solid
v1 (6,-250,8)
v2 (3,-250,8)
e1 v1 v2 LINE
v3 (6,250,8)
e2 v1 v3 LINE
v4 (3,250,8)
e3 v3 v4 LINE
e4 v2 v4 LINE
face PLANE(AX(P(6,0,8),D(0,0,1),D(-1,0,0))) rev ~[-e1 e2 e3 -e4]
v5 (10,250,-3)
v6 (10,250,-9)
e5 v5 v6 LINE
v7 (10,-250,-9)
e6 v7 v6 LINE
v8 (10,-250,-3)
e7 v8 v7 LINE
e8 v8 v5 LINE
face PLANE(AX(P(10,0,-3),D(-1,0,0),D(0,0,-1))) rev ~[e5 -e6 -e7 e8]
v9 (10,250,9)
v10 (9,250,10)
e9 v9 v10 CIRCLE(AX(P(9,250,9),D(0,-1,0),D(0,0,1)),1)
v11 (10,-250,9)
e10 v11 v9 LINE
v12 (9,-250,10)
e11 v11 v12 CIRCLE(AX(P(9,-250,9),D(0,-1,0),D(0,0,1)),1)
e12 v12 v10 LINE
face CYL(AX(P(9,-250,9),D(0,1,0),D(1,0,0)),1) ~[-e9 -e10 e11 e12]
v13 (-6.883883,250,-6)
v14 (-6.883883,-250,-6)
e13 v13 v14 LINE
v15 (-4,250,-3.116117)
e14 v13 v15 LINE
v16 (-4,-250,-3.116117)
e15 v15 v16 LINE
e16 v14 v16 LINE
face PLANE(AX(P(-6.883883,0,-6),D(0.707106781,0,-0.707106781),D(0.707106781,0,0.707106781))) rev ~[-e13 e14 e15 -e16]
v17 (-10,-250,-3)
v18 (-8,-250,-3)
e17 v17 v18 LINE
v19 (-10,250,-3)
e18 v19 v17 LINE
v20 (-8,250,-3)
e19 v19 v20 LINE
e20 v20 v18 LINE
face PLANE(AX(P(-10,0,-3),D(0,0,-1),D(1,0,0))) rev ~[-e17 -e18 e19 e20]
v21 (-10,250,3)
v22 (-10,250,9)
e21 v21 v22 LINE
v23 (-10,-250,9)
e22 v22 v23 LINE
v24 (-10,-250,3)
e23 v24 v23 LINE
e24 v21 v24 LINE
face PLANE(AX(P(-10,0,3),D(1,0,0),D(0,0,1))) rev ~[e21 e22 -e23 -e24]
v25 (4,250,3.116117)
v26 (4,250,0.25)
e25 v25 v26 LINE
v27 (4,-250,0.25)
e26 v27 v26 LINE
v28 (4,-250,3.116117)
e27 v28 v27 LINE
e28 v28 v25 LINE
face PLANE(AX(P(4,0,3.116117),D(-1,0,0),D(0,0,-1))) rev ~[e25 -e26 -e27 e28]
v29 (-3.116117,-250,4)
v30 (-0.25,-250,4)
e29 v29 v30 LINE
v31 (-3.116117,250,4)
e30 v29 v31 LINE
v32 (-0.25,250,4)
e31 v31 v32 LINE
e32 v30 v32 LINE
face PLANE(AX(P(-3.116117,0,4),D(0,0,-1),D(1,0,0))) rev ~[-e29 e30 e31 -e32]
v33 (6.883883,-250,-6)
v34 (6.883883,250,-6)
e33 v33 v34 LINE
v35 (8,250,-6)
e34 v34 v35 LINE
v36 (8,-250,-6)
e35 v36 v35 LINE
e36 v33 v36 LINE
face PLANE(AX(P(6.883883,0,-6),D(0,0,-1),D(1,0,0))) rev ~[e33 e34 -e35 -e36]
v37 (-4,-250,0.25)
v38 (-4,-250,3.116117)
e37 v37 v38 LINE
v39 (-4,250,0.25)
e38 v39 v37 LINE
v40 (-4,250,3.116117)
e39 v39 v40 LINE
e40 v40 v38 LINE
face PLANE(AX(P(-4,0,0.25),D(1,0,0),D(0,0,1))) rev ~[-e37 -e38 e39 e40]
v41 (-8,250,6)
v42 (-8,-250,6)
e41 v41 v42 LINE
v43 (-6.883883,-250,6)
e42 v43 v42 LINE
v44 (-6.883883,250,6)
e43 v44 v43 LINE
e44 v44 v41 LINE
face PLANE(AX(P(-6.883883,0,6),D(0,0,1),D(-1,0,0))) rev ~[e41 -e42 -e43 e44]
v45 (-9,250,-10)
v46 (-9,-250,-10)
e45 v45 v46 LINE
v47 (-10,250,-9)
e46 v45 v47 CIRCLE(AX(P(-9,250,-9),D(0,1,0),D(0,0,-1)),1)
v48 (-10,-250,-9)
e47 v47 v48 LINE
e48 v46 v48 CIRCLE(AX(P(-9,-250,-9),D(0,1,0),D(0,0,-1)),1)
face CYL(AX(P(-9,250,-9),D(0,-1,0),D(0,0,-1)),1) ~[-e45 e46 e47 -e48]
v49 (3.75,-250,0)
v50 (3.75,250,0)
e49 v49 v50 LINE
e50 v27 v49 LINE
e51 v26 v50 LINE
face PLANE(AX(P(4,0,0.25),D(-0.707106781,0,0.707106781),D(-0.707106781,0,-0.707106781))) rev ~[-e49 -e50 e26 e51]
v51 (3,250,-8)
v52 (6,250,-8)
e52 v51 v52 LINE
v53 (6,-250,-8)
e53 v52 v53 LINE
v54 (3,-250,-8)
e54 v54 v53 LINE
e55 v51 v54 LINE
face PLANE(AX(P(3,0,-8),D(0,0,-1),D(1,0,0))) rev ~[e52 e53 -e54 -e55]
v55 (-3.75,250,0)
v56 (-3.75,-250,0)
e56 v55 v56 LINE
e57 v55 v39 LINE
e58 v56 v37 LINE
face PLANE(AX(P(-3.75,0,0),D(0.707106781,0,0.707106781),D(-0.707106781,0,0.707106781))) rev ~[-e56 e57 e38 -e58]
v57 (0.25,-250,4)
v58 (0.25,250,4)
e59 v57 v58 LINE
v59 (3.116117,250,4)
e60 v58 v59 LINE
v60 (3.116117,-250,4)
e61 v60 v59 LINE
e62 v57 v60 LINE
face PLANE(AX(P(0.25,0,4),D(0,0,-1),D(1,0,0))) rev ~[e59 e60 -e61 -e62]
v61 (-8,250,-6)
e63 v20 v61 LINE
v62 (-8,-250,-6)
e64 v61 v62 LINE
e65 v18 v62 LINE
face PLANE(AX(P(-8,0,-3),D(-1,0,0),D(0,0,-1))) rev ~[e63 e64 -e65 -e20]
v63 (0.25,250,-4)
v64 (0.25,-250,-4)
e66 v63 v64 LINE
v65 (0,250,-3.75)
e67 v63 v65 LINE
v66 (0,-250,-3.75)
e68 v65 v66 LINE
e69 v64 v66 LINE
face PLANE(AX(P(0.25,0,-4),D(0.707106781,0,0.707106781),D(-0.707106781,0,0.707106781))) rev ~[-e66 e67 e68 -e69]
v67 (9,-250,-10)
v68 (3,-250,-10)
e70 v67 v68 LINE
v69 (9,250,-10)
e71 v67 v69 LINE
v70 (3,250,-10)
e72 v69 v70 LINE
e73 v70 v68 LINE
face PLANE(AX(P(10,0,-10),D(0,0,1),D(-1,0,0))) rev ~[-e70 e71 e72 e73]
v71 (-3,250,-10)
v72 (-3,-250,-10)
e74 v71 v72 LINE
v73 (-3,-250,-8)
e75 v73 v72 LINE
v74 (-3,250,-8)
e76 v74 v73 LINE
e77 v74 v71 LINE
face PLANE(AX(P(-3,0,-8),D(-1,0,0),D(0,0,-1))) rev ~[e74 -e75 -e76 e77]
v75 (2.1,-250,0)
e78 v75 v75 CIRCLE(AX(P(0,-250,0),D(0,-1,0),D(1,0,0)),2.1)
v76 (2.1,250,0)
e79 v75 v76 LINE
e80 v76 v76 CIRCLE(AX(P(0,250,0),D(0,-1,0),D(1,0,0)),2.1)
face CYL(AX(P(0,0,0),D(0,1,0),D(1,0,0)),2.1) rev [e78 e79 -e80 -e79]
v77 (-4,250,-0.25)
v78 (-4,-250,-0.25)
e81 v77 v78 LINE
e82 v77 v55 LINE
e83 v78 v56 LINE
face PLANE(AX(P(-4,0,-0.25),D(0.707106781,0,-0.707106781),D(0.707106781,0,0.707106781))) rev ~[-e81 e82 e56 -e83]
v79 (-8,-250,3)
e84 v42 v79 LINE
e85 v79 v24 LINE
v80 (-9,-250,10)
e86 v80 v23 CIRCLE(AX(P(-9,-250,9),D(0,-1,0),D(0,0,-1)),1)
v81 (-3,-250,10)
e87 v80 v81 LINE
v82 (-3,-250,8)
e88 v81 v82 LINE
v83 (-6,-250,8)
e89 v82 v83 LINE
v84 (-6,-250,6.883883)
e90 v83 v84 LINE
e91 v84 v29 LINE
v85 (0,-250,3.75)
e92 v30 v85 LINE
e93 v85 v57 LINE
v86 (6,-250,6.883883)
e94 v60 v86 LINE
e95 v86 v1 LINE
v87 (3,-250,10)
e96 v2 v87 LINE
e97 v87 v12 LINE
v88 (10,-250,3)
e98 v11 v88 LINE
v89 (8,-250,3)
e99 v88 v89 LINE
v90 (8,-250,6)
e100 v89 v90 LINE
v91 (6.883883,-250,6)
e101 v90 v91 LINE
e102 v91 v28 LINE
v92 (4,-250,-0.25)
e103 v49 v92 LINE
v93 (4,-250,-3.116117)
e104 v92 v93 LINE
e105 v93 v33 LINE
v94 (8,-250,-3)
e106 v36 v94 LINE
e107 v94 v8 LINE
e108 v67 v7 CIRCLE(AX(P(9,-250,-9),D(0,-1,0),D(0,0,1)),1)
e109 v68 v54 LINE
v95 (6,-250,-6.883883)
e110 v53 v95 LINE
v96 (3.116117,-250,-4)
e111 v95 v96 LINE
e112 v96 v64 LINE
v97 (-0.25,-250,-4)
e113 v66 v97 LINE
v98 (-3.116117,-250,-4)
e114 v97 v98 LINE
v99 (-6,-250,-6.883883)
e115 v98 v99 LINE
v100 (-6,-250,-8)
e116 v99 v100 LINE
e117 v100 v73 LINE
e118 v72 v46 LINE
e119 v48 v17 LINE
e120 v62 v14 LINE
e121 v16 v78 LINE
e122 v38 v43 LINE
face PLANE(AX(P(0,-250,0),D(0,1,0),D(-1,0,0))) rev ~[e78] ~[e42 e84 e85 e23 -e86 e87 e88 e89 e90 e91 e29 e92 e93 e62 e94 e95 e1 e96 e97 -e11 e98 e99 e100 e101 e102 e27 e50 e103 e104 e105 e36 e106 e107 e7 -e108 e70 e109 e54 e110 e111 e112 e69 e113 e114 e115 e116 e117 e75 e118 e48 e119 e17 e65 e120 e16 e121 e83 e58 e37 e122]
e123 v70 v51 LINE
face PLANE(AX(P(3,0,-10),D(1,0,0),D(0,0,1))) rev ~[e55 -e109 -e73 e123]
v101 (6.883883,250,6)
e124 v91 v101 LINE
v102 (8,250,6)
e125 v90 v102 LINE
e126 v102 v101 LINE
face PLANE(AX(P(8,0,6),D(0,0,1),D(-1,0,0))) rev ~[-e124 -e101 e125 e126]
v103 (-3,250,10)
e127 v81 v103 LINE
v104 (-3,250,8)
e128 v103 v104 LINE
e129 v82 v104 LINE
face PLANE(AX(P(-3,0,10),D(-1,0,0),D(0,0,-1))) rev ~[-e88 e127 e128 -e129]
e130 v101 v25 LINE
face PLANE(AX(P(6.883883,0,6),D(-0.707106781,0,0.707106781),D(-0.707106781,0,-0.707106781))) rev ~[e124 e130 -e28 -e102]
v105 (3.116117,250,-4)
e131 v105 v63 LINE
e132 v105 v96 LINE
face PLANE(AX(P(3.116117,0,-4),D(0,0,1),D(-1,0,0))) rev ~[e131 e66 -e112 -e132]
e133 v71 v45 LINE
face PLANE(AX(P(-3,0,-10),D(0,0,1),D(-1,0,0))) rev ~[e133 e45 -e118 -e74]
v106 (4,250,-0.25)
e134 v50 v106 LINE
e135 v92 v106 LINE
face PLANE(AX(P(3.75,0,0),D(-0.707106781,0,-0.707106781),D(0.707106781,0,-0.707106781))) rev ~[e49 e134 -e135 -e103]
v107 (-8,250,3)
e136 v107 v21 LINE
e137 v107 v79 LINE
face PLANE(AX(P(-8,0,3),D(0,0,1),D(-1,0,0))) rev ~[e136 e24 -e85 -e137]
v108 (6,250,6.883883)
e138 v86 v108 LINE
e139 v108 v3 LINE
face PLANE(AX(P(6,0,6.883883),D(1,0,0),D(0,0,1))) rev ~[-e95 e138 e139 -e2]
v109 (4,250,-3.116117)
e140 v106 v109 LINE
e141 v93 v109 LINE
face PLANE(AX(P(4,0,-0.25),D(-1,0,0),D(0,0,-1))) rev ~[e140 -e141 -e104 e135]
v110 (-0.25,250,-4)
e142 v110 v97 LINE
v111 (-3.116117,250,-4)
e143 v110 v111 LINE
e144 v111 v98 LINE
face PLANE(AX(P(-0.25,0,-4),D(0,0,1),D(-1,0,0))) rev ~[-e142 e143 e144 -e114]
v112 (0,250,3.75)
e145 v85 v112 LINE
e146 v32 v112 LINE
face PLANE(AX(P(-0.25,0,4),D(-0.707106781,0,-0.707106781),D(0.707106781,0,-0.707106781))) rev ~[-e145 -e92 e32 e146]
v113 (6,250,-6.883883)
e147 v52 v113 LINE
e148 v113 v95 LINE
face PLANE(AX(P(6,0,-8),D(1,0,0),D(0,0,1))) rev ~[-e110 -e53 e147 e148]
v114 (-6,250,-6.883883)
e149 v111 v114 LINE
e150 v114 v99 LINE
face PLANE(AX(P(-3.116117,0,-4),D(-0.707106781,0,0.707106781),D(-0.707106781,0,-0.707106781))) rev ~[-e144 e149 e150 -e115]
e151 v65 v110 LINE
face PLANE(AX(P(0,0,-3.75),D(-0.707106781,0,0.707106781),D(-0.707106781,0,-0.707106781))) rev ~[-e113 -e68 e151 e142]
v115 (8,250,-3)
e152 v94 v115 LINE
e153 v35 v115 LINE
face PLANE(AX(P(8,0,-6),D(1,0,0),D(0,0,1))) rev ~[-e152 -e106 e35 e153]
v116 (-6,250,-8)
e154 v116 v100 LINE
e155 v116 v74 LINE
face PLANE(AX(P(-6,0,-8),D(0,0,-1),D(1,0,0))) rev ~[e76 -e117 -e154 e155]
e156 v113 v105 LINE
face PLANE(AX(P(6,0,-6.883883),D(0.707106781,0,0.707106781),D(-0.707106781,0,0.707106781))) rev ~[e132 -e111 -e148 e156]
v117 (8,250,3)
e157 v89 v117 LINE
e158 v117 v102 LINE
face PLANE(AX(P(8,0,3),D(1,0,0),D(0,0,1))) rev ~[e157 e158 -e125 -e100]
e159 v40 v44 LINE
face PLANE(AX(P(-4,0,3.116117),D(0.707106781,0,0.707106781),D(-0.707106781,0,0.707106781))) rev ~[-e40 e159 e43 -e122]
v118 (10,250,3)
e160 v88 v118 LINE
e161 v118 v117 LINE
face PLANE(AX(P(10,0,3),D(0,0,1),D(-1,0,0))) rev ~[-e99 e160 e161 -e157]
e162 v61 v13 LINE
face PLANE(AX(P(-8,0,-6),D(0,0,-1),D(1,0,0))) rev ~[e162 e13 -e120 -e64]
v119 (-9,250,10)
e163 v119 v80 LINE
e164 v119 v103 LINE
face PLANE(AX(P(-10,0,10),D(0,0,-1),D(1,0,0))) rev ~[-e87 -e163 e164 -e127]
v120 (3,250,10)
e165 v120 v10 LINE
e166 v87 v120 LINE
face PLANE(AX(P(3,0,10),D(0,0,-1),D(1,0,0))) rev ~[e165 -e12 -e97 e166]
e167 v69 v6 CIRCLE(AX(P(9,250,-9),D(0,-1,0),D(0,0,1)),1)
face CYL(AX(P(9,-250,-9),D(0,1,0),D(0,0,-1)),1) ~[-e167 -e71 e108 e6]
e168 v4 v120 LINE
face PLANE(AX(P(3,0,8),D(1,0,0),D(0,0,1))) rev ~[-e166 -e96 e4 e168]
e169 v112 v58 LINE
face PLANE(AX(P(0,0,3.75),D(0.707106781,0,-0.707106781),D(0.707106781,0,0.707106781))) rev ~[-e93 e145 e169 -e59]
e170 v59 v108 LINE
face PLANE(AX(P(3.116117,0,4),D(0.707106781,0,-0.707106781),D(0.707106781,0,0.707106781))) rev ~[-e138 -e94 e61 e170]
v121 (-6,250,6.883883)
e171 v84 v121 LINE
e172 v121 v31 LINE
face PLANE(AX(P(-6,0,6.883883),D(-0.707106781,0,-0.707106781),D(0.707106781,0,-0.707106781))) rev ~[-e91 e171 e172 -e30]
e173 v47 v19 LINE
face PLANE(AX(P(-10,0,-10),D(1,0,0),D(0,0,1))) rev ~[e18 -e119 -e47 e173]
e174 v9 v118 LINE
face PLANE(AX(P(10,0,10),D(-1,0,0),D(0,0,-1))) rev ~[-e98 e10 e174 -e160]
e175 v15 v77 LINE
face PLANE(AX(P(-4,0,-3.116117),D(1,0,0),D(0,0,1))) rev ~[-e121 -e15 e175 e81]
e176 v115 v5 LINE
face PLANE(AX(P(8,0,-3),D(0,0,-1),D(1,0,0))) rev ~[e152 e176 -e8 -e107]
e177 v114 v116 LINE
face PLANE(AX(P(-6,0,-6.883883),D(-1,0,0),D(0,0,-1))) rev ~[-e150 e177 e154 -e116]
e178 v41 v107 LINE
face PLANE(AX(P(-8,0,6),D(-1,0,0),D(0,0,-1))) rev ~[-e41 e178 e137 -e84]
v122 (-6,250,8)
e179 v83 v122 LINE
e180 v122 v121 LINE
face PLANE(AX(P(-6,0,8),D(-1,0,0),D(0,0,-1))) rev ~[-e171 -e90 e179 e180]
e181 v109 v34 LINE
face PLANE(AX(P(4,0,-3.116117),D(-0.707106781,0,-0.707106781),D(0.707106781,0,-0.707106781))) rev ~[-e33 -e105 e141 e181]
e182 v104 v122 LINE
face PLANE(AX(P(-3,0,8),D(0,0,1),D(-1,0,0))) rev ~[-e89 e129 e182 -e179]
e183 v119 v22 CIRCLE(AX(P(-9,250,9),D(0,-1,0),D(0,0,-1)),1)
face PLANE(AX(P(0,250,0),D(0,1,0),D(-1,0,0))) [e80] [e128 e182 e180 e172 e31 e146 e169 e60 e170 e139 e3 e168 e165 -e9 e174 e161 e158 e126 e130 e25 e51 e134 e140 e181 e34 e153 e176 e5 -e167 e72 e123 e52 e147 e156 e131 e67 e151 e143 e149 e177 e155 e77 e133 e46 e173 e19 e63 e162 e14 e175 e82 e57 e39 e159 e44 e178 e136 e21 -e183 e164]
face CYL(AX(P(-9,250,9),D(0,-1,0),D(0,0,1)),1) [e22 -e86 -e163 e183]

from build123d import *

# Parameters (mm, degrees)
SKETCH_R  = 2.1
PAD_DEPTH = 250
FILLET_R  = 1


with BuildPart() as part:
    # Sketch → Pad (new body, symmetric)
    with BuildSketch(Plane.XZ):
        Polygon((-10, 10), (-3, 10), (-3, 8), (-6, 8), (-6, 6.883883), (-3.116117, 4), (-0.25, 4), (0, 3.75), (0.25, 4), (3.116117, 4), (6, 6.883883), (6, 8), (3, 8), (3, 10), (10, 10), (10, 3), (8, 3), (8, 6), (6.883883, 6), (4, 3.116117), (4, 0.25), (3.75, 0), (4, -0.25), (4, -3.116117), (6.883883, -6), (8, -6), (8, -3), (10, -3), (10, -10), (3, -10), (3, -8), (6, -8), (6, -6.883883), (3.116117, -4), (0.25, -4), (0, -3.75), (-0.25, -4), (-3.116117, -4), (-6, -6.883883), (-6, -8), (-3, -8), (-3, -10), (-10, -10), (-10, -3), (-8, -3), (-8, -6), (-6.883883, -6), (-4, -3.116117), (-4, -0.25), (-3.75, 0), (-4, 0.25), (-4, 3.116117), (-6.883883, 6), (-8, 6), (-8, 3), (-10, 3), align=None)
        Circle(SKETCH_R, mode=Mode.SUBTRACT)
    extrude(amount=PAD_DEPTH, both=True)

    # Fillet
    fillet_edges = [part.edges().sort_by_distance(p)[0] for p in [
        (-10, 0, 10),
        (-10, 0, -10),
        (10, 0, 10),
        (10, 0, -10),
    ]]
    fillet(fillet_edges, radius=FILLET_R)


solid = part.part
